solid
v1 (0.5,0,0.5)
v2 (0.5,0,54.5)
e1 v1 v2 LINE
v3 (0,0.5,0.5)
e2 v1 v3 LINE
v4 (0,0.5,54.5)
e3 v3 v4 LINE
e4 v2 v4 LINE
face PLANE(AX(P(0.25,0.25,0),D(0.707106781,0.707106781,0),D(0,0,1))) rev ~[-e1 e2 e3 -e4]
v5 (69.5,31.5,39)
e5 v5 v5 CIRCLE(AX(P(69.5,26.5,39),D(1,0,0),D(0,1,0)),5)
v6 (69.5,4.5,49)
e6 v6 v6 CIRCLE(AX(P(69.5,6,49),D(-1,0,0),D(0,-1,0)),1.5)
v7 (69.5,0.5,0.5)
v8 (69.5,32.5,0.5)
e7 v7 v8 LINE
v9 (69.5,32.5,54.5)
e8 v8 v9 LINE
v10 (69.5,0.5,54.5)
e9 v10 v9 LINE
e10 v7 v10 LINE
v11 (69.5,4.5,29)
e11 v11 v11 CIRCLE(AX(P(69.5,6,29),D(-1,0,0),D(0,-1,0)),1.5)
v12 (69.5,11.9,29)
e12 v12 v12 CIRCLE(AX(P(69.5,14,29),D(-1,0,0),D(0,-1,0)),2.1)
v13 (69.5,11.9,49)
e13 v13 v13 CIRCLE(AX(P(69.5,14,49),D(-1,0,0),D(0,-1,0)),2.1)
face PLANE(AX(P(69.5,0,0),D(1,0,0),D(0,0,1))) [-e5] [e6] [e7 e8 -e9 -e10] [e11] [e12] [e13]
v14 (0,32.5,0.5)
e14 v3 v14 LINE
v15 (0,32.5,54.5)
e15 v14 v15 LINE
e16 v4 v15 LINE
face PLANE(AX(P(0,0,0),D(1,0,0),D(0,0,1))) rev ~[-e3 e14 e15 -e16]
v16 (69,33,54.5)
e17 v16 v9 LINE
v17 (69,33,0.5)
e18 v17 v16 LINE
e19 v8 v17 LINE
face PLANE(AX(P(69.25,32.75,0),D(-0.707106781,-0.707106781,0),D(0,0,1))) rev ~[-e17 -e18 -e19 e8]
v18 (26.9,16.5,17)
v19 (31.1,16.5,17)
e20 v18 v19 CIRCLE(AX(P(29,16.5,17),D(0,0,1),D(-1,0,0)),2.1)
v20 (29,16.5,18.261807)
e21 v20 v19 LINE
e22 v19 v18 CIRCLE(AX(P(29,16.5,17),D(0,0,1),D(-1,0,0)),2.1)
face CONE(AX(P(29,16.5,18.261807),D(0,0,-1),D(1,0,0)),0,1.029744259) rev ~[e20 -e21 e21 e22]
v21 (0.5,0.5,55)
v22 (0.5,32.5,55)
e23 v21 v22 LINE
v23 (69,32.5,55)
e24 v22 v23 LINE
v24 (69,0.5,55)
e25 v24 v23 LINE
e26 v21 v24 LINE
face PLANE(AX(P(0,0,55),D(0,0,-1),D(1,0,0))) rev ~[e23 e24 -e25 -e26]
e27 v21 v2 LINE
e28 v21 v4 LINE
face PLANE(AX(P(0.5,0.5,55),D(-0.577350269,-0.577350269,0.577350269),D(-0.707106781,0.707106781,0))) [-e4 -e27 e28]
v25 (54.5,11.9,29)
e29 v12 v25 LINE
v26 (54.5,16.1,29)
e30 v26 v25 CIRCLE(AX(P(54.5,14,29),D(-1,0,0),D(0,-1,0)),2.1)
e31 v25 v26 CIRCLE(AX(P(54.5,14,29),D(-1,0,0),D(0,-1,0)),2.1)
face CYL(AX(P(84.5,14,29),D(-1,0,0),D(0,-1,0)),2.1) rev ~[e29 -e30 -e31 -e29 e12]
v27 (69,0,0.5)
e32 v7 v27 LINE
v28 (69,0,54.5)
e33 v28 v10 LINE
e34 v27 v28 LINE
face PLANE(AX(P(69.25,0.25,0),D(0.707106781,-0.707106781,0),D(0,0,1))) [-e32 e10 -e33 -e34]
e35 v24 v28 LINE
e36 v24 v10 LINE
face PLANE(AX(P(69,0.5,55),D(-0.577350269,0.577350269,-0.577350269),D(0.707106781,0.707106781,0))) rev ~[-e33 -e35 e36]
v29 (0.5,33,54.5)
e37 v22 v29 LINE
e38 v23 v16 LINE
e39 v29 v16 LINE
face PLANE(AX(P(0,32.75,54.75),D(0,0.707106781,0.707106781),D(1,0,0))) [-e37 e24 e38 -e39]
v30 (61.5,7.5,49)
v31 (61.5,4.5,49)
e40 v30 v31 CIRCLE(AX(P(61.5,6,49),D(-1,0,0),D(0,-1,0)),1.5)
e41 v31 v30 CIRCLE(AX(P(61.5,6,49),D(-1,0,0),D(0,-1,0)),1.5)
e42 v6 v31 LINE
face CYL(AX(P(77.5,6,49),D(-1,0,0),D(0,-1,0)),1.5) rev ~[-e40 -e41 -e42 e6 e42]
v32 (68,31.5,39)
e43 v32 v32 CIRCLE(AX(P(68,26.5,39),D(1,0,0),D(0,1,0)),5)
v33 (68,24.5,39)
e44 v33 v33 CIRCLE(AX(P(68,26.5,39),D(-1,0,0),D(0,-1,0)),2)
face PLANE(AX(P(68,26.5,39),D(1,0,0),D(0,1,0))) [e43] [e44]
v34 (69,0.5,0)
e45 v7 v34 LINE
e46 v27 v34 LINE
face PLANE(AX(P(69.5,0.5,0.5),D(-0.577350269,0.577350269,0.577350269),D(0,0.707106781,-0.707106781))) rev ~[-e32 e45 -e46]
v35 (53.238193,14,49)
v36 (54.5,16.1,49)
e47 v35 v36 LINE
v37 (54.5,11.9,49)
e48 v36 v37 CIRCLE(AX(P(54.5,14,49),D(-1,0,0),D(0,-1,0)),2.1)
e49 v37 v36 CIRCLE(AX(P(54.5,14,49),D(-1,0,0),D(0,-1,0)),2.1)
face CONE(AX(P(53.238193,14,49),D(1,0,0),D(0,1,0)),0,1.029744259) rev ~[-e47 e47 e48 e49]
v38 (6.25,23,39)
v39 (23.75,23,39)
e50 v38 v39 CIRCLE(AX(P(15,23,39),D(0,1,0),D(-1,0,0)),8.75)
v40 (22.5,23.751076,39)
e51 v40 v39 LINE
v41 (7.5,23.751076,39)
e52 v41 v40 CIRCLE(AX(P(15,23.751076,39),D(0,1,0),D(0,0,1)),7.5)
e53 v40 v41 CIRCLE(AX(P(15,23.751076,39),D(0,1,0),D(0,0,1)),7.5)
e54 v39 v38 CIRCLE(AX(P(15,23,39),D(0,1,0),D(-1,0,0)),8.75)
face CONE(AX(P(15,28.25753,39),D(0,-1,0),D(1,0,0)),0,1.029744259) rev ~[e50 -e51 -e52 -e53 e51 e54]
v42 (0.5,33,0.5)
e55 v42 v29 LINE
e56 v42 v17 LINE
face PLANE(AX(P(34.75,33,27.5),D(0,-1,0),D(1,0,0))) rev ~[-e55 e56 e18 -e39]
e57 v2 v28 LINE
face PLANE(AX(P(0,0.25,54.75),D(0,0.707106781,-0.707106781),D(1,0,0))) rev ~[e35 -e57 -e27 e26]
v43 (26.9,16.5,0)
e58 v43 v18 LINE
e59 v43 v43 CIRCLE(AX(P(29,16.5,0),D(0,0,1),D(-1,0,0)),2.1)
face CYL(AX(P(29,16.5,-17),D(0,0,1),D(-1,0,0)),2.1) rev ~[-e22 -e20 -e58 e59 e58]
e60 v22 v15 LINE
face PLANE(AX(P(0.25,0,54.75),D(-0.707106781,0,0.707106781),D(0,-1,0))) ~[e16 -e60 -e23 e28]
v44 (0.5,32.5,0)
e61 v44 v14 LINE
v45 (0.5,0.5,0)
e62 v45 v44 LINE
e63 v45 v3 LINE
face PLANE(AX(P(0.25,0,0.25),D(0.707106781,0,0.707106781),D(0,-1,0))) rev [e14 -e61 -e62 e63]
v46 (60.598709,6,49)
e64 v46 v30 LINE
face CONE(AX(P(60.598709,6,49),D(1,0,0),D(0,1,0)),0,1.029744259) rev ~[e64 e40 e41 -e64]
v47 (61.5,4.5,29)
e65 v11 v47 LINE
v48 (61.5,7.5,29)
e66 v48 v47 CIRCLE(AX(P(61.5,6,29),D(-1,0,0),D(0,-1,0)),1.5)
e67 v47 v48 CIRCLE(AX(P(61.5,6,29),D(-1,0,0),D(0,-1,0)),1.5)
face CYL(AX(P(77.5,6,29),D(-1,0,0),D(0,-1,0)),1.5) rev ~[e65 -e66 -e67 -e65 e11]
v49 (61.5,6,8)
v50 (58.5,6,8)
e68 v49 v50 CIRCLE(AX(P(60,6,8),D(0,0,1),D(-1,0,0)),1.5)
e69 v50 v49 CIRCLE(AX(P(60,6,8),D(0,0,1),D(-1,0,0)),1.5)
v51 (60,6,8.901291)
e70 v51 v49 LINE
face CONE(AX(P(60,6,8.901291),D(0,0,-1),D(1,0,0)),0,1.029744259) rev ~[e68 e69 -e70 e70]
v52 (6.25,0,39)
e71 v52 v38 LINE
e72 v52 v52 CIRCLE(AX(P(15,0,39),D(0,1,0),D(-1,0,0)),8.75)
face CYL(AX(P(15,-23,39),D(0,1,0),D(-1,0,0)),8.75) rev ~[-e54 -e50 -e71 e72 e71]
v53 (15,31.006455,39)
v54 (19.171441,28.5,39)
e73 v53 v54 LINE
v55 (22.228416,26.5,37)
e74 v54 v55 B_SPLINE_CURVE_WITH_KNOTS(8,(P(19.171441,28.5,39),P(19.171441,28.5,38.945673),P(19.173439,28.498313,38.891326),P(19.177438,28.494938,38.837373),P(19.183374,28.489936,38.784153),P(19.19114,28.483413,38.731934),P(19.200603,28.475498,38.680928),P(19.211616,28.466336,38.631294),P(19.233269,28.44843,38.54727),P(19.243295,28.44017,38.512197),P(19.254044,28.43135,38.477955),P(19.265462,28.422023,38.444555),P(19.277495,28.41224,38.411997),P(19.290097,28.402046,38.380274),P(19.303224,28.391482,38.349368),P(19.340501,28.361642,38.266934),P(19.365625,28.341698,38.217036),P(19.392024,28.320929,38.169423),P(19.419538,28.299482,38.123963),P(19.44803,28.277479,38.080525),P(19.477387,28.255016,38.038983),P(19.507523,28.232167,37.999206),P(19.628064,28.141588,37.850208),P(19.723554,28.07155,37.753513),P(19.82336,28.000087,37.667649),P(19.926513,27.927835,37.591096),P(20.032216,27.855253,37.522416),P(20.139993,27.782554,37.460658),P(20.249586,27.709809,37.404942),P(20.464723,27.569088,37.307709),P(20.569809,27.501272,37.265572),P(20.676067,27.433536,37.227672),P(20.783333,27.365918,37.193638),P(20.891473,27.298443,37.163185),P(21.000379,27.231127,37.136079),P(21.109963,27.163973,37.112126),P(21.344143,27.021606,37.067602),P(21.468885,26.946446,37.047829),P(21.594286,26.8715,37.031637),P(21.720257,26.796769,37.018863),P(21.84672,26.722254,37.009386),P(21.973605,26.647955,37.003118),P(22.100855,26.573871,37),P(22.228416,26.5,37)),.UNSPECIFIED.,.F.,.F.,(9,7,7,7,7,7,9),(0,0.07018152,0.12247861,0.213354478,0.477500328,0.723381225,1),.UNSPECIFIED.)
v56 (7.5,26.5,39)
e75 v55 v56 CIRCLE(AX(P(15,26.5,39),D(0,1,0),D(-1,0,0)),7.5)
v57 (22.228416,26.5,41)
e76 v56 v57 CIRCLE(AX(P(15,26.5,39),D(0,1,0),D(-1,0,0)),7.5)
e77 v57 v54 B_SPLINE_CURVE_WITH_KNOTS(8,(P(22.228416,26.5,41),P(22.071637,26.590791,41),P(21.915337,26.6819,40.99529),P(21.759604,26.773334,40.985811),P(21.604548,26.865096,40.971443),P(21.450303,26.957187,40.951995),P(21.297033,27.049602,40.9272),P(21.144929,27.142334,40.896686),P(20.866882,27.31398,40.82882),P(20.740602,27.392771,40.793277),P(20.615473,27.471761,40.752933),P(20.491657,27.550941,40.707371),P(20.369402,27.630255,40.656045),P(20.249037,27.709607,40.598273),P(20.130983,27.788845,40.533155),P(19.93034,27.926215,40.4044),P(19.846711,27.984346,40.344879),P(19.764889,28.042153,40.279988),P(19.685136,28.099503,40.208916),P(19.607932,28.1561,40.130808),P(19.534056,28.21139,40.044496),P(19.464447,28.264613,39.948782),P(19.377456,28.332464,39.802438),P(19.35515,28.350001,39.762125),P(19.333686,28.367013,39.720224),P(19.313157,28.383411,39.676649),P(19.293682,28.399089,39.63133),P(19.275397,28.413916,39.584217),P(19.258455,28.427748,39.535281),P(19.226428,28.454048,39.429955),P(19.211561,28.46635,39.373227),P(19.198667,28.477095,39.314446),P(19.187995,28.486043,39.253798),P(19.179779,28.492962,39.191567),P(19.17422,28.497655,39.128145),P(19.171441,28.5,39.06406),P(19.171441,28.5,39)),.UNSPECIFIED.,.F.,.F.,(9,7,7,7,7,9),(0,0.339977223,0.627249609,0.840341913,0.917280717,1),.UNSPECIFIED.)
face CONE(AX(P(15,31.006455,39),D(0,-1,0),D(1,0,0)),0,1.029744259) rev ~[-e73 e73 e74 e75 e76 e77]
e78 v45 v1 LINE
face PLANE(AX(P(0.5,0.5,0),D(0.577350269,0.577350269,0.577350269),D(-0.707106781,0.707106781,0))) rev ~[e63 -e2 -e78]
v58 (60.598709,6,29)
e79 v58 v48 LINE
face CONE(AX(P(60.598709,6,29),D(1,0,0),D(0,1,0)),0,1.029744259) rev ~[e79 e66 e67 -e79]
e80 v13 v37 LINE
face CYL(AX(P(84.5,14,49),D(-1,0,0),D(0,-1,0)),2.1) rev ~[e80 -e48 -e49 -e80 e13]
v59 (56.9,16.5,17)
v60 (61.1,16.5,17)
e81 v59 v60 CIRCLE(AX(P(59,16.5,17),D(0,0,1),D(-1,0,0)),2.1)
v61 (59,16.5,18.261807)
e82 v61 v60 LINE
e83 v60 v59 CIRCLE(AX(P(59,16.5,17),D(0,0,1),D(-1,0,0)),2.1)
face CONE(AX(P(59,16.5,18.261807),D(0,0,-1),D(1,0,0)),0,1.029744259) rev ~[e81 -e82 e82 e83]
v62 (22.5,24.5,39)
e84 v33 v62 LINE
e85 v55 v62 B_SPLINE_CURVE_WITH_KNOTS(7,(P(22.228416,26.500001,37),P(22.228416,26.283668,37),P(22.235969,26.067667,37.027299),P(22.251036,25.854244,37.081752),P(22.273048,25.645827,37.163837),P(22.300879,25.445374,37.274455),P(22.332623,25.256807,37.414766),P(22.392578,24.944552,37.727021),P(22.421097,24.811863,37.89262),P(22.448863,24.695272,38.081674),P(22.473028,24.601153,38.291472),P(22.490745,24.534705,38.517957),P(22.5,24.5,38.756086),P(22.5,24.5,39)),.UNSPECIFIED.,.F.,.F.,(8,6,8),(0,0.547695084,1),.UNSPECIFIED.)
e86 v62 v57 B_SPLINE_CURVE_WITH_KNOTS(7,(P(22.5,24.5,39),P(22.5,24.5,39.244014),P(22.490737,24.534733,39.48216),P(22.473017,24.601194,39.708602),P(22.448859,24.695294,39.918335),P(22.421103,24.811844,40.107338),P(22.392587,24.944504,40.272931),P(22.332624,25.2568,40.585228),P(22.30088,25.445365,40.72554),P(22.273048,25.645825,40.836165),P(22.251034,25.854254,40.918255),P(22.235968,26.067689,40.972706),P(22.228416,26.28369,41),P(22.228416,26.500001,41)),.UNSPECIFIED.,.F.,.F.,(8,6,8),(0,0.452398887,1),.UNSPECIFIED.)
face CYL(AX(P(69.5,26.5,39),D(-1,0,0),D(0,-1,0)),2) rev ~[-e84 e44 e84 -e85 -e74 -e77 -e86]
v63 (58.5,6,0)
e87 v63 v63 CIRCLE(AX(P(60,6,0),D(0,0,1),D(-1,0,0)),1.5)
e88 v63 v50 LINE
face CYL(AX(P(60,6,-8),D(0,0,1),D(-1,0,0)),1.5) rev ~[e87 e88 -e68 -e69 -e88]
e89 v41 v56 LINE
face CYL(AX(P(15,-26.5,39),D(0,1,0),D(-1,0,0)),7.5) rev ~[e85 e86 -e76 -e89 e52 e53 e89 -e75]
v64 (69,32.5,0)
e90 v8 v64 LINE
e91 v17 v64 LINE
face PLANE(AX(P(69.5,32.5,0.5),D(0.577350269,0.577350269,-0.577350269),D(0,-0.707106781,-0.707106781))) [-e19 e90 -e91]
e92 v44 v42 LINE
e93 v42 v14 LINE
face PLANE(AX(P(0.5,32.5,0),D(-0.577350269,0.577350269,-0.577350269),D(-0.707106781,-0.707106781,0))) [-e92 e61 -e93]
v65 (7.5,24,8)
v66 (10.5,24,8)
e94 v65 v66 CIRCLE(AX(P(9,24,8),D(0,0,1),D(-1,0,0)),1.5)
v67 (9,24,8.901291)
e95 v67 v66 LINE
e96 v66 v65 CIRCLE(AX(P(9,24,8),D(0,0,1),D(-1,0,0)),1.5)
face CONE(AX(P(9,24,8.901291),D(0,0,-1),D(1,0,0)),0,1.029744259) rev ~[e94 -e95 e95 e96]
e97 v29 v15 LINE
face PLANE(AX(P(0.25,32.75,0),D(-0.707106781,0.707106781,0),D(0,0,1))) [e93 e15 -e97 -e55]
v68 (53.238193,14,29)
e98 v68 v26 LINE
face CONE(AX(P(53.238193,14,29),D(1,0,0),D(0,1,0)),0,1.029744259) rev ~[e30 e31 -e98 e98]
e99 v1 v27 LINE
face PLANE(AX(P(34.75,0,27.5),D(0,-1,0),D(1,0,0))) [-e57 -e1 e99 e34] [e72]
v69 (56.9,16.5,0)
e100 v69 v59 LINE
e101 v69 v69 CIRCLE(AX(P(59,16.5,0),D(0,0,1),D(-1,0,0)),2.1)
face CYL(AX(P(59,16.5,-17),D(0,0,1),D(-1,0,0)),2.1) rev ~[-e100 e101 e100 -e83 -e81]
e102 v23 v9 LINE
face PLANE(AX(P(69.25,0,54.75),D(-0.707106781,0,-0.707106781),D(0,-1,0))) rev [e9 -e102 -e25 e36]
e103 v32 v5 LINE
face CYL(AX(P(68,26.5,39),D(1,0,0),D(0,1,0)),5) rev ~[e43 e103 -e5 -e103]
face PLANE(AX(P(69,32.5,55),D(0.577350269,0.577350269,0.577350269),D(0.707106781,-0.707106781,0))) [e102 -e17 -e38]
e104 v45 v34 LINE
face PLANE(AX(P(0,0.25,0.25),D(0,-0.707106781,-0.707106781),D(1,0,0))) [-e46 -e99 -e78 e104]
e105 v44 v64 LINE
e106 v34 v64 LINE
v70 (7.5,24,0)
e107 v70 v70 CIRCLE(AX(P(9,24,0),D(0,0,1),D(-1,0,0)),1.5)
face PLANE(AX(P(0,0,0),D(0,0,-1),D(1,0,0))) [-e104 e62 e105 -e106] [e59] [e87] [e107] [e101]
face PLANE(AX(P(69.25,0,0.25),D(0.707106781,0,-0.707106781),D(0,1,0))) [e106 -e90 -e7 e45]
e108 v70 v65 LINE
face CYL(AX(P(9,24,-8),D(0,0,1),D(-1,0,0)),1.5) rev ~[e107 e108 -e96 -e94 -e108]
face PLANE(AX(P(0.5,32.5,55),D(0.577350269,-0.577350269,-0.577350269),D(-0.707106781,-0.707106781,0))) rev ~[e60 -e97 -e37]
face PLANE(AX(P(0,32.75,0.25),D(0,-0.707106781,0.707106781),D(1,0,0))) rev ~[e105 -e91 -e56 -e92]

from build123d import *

# Parameters (mm, degrees)
F0_W           = 69.5
F0_H           = 55
F1_DEPTH       = 33
F2_SIZE        = 0.5
F4_D           = 17.5
F4_DEPTH       = 23
F4_TIP         = 5.2575304165
F5_D           = 15
F5_DEPTH       = 26.5
F5_TIP         = 4.5064546427
F8_D           = 4
F8_DEPTH       = 54.5
F8_CBORE_D     = 10
F8_CBORE_DEPTH = 1.5
F8_TIP         = 1.2017212381
F9_D           = 4.2
F9_DEPTH       = 15
F9_TIP         = 1.2618073
F10_D          = 3
F10_DEPTH      = 8
F10_TIP        = 0.9012909285
F11_D          = 3
F11_DEPTH      = 8
F11_TIP        = 0.9012909285
F12_D          = 4.2
F12_DEPTH      = 17
F12_TIP        = 1.2618073


with BuildPart() as f1:
    # F0 (on Front) → F1 (new body)
    with BuildSketch(Plane.XZ):
        with Locations((34.75, 27.5)):
            Rectangle(F0_W, F0_H)
    extrude(amount=-F1_DEPTH)

    # F2
    f2_edges = [f1.edges().sort_by_distance(p)[0] for p in [
        (0, 0, 27.5),
        (34.75, 0, 0),
        (69.5, 0, 27.5),
        (34.75, 0, 55),
        (0, 33, 27.5),
        (34.75, 33, 0),
        (69.5, 33, 27.5),
        (34.75, 33, 55),
        (69.5, 16.5, 55),
        (0, 16.5, 55),
        (0, 16.5, 0),
        (69.5, 16.5, 0),
    ]]
    chamfer(f2_edges, length=F2_SIZE)

    # F4
    with Locations(Plane.XZ):
        with Locations((15, 39)):
            Hole(F4_D / 2, depth=F4_DEPTH)
            with Locations((0, 0, -(F4_DEPTH + F4_TIP / 2))):  # 118° drill point
                Cone(0, F4_D / 2, F4_TIP, mode=Mode.SUBTRACT)

    # F5
    with Locations(Plane.XZ):
        with Locations((15, 39)):
            Hole(F5_D / 2, depth=F5_DEPTH)
            with Locations((0, 0, -(F5_DEPTH + F5_TIP / 2))):  # 118° drill point
                Cone(0, F5_D / 2, F5_TIP, mode=Mode.SUBTRACT)

    # F8
    with Locations(Plane.YZ.offset(69.5)):
        with Locations((26.5, 39)):
            CounterBoreHole(F8_D / 2, F8_CBORE_D / 2, F8_CBORE_DEPTH, depth=F8_DEPTH)
            with Locations((0, 0, -(F8_DEPTH + F8_TIP / 2))):  # 118° drill point
                Cone(0, F8_D / 2, F8_TIP, mode=Mode.SUBTRACT)

    # F9
    with Locations(Plane.YZ.offset(69.5)):
        with Locations((14, 49), (14, 29)):
            Hole(F9_D / 2, depth=F9_DEPTH)
            with Locations((0, 0, -(F9_DEPTH + F9_TIP / 2))):  # 118° drill point
                Cone(0, F9_D / 2, F9_TIP, mode=Mode.SUBTRACT)

    # F10
    with Locations(Plane.YZ.offset(69.5)):
        with Locations((6, 49), (6, 29)):
            Hole(F10_D / 2, depth=F10_DEPTH)
            with Locations((0, 0, -(F10_DEPTH + F10_TIP / 2))):  # 118° drill point
                Cone(0, F10_D / 2, F10_TIP, mode=Mode.SUBTRACT)

    # F11
    with Locations(Plane(origin=(0, 0, 0), x_dir=(1, 0, 0), z_dir=(0, 0, -1))):
        with Locations((9, -24), (60, -6)):
            Hole(F11_D / 2, depth=F11_DEPTH)
            with Locations((0, 0, -(F11_DEPTH + F11_TIP / 2))):  # 118° drill point
                Cone(0, F11_D / 2, F11_TIP, mode=Mode.SUBTRACT)

    # F12
    with Locations(Plane(origin=(0, 0, 0), x_dir=(1, 0, 0), z_dir=(0, 0, -1))):
        with Locations((29, -16.5), (59, -16.5)):
            Hole(F12_D / 2, depth=F12_DEPTH)
            with Locations((0, 0, -(F12_DEPTH + F12_TIP / 2))):  # 118° drill point
                Cone(0, F12_D / 2, F12_TIP, mode=Mode.SUBTRACT)


solid = f1.part
